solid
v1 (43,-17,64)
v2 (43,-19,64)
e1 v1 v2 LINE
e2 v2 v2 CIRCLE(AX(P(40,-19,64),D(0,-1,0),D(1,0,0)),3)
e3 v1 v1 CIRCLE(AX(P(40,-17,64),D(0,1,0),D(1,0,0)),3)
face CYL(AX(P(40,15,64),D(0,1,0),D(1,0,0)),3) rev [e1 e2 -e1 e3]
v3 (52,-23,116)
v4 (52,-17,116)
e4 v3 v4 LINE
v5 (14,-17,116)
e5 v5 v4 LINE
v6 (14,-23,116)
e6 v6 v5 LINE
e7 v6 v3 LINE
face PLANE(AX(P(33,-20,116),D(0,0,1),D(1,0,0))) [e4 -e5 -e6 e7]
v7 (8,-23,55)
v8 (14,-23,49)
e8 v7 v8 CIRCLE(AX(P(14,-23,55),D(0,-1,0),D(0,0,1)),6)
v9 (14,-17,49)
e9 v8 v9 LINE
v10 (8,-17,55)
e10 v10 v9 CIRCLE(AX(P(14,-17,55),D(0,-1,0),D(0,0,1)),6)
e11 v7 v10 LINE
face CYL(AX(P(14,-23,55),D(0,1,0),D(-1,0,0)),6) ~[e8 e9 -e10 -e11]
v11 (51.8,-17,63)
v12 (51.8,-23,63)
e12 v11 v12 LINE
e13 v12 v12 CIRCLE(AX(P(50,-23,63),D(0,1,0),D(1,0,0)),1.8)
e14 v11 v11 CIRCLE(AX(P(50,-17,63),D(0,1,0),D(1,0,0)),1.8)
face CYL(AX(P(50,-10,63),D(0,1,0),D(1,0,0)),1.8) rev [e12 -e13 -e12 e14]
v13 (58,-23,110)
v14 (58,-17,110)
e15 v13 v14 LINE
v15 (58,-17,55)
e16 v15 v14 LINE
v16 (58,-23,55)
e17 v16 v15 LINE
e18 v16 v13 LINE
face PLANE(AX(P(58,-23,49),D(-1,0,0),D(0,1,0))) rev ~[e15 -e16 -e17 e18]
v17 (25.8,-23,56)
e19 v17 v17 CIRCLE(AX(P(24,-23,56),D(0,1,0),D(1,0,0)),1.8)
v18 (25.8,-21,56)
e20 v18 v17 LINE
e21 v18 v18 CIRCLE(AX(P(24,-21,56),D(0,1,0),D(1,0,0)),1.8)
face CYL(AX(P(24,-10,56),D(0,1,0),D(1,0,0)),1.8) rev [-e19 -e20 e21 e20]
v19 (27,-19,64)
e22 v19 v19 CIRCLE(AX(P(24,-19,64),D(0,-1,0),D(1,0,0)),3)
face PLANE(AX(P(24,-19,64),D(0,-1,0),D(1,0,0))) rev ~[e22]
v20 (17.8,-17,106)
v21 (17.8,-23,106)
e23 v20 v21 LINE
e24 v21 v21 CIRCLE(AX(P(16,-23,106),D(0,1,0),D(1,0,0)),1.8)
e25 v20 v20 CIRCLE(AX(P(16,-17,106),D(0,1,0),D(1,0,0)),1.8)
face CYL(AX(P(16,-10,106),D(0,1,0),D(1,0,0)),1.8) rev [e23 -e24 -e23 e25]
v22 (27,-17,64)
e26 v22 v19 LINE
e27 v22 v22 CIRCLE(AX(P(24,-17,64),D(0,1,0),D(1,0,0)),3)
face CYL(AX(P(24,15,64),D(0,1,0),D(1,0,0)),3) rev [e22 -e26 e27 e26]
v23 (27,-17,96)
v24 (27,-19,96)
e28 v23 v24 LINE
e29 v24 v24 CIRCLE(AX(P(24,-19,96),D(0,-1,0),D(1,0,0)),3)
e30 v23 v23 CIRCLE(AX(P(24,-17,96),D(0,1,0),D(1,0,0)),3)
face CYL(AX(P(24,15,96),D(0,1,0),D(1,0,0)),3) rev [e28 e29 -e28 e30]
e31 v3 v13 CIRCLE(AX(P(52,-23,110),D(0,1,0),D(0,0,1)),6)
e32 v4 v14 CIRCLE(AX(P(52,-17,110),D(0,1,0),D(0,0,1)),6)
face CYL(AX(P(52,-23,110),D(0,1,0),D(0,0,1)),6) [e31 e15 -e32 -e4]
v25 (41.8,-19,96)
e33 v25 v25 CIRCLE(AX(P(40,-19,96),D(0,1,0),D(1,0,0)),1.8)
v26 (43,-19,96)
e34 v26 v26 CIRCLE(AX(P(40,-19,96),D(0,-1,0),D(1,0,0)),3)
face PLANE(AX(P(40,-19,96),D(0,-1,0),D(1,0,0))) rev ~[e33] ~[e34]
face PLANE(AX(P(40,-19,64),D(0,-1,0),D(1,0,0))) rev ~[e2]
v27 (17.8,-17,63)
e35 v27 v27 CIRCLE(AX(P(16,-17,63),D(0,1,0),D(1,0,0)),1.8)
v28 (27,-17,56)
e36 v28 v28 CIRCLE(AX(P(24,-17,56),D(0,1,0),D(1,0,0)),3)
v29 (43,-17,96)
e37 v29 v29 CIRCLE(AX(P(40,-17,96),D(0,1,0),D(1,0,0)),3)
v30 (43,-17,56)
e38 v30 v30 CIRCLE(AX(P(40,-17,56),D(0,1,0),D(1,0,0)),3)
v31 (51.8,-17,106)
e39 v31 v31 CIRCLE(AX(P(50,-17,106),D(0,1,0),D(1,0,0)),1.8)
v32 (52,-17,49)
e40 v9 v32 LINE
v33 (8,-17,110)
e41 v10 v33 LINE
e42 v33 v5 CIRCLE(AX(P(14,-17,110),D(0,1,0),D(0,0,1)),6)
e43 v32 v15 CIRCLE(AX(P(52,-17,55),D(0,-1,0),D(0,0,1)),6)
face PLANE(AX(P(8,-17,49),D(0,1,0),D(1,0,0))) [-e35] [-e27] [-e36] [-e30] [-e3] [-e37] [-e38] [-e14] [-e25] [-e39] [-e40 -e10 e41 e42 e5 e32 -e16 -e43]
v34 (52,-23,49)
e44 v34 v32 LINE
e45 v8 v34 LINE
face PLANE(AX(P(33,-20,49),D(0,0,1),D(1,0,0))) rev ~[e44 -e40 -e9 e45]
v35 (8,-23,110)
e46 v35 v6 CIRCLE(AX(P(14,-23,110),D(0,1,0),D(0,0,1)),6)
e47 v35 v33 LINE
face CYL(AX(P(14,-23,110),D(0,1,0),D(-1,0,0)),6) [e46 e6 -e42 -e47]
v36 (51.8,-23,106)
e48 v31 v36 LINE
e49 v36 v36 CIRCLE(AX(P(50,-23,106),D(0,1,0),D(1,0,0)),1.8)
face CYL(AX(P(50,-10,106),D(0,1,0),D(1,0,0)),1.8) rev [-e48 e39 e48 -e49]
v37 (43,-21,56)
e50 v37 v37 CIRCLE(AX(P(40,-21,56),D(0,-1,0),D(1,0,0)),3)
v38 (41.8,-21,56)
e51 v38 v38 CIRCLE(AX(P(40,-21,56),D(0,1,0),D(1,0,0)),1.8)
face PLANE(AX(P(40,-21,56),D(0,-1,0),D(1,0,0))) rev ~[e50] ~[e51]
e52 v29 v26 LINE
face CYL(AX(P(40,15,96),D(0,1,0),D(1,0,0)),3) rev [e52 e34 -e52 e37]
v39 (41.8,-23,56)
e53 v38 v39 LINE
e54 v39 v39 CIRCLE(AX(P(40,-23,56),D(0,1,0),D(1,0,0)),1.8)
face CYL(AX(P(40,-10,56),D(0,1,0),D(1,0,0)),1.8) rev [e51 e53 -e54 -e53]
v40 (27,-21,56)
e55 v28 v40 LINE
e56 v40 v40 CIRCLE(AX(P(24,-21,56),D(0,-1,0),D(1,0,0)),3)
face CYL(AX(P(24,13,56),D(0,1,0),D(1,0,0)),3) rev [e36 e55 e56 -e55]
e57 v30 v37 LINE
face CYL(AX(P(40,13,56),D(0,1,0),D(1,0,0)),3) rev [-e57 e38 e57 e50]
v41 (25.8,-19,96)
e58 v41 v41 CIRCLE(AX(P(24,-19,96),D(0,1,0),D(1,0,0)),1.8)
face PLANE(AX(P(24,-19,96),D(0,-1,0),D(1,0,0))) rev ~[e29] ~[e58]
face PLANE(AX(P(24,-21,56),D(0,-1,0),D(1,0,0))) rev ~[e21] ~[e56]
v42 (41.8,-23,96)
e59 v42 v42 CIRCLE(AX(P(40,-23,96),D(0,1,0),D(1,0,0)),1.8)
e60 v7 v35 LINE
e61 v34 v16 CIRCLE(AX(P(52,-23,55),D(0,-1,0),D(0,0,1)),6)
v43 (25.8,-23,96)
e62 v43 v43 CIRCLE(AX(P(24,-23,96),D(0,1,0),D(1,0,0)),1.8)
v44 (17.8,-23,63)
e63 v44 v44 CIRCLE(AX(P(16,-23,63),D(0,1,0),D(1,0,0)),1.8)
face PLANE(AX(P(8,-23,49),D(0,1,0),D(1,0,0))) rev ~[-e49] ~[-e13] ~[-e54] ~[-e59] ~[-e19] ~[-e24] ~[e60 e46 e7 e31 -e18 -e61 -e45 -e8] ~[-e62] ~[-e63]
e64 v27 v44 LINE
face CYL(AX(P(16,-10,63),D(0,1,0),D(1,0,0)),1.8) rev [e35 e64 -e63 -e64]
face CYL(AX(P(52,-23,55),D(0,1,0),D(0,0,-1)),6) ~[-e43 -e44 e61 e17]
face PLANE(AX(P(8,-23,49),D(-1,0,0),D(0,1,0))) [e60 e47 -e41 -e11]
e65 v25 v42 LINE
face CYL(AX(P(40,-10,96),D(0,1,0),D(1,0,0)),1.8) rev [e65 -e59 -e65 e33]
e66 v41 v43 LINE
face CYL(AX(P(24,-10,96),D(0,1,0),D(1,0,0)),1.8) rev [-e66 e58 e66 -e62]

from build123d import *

# Parameters (mm, degrees)
CYLINDER135_R          = 1.8
CYLINDER135_DEPTH      = 34
CYLINDER135_ROLL_ANGLE = 90
CYLINDER134_R          = 1.8
CYLINDER134_DEPTH      = 34
CYLINDER134_ROLL_ANGLE = 90
CYLINDER137_R          = 3
CYLINDER137_DEPTH      = 34
CYLINDER137_ROLL_ANGLE = 90
CYLINDER136_R          = 3
CYLINDER136_DEPTH      = 34
CYLINDER136_ROLL_ANGLE = 90
CYLINDER123_R          = 1.8
CYLINDER123_DEPTH      = 34
CYLINDER123_ROLL_ANGLE = 90
CYLINDER122_R          = 1.8
CYLINDER122_DEPTH      = 34
CYLINDER122_ROLL_ANGLE = 90
CYLINDER125_R          = 1.8
CYLINDER125_DEPTH      = 34
CYLINDER125_ROLL_ANGLE = 90
CYLINDER124_R          = 1.8
CYLINDER124_DEPTH      = 34
CYLINDER124_ROLL_ANGLE = 90
CYLINDER127_R          = 3
CYLINDER127_DEPTH      = 34
CYLINDER127_ROLL_ANGLE = 90
CYLINDER126_R          = 3
CYLINDER126_DEPTH      = 34
CYLINDER126_ROLL_ANGLE = 90
CYLINDER129_R          = 3
CYLINDER129_DEPTH      = 34
CYLINDER129_ROLL_ANGLE = 90
CYLINDER128_R          = 3
CYLINDER128_DEPTH      = 34
CYLINDER128_ROLL_ANGLE = 90
CYLINDER131_R          = 1.8
CYLINDER131_DEPTH      = 34
CYLINDER131_ROLL_ANGLE = 90
CYLINDER130_R          = 1.8
CYLINDER130_DEPTH      = 34
CYLINDER130_ROLL_ANGLE = 90
CYLINDER133_R          = 1.8
CYLINDER133_DEPTH      = 34
CYLINDER133_ROLL_ANGLE = 90
CYLINDER132_R          = 1.8
CYLINDER132_DEPTH      = 34
CYLINDER132_ROLL_ANGLE = 90
BOX061_W               = 50
BOX061_H               = 6
BOX061_DEPTH           = 67
FILLET055_R            = 6


with BuildPart() as cilindro089:
    # Cylinder135 → Cylinder135 (new body)
    with BuildSketch(Plane.XY):
        Circle(CYLINDER135_R)
    extrude(amount=CYLINDER135_DEPTH)


with BuildPart() as cilindro089_1:
    # Cylinder135 roll: moved
    add(cilindro089.part.rotate(Axis((0, 0, 0), (1, 0, 0)), CYLINDER135_ROLL_ANGLE))


with BuildPart() as cilindro089_2:
    # Cylinder135 placement: moved
    add(cilindro089_1.part.moved(Location((24, -10, 64))))


with BuildPart() as fusion079:
    # Cylinder134 → Cylinder134 (new body)
    with BuildSketch(Plane.XY):
        Circle(CYLINDER134_R)
    extrude(amount=CYLINDER134_DEPTH)


with BuildPart() as fusion079_1:
    # Cylinder134 roll: moved
    add(fusion079.part.rotate(Axis((0, 0, 0), (1, 0, 0)), CYLINDER134_ROLL_ANGLE))


with BuildPart() as fusion079_2:
    # Cylinder134 placement: moved
    add(fusion079_1.part.moved(Location((40, -10, 64))))

    # Fusion079: union Cilindro089
    add(cilindro089_2.part)


with BuildPart() as fusion079_3:
    # Fusion079 placement: moved
    add(fusion079_2.part.moved(Location((0, 0, -8))))


with BuildPart() as cilindro091:
    # Cylinder137 → Cylinder137 (new body)
    with BuildSketch(Plane.XY):
        Circle(CYLINDER137_R)
    extrude(amount=CYLINDER137_DEPTH)


with BuildPart() as cilindro091_1:
    # Cylinder137 roll: moved
    add(cilindro091.part.rotate(Axis((0, 0, 0), (1, 0, 0)), CYLINDER137_ROLL_ANGLE))


with BuildPart() as cilindro091_2:
    # Cylinder137 placement: moved
    add(cilindro091_1.part.moved(Location((24, -10, 64))))


with BuildPart() as fusion080:
    # Cylinder136 → Cylinder136 (new body)
    with BuildSketch(Plane.XY):
        Circle(CYLINDER136_R)
    extrude(amount=CYLINDER136_DEPTH)


with BuildPart() as fusion080_1:
    # Cylinder136 roll: moved
    add(fusion080.part.rotate(Axis((0, 0, 0), (1, 0, 0)), CYLINDER136_ROLL_ANGLE))


with BuildPart() as fusion080_2:
    # Cylinder136 placement: moved
    add(fusion080_1.part.moved(Location((40, -10, 64))))

    # Fusion080: union Cilindro091
    add(cilindro091_2.part)


with BuildPart() as fusion080_3:
    # Fusion080 placement: moved
    add(fusion080_2.part.moved(Location((0, 23, -8))))


with BuildPart() as cilindro077:
    # Cylinder123 → Cylinder123 (new body)
    with BuildSketch(Plane.XY):
        Circle(CYLINDER123_R)
    extrude(amount=CYLINDER123_DEPTH)


with BuildPart() as cilindro077_1:
    # Cylinder123 roll: moved
    add(cilindro077.part.rotate(Axis((0, 0, 0), (1, 0, 0)), CYLINDER123_ROLL_ANGLE))


with BuildPart() as cilindro077_2:
    # Cylinder123 placement: moved
    add(cilindro077_1.part.moved(Location((24, -10, 64))))


with BuildPart() as fusion070:
    # Cylinder122 → Cylinder122 (new body)
    with BuildSketch(Plane.XY):
        Circle(CYLINDER122_R)
    extrude(amount=CYLINDER122_DEPTH)


with BuildPart() as fusion070_1:
    # Cylinder122 roll: moved
    add(fusion070.part.rotate(Axis((0, 0, 0), (1, 0, 0)), CYLINDER122_ROLL_ANGLE))


with BuildPart() as fusion070_2:
    # Cylinder122 placement: moved
    add(fusion070_1.part.moved(Location((40, -10, 64))))

    # Fusion070: union Cilindro077
    add(cilindro077_2.part)


with BuildPart() as fusion070_3:
    # Fusion070 placement: moved
    add(fusion070_2.part.moved(Location((0, 0, -8))))


with BuildPart() as cilindro079:
    # Cylinder125 → Cylinder125 (new body)
    with BuildSketch(Plane.XY):
        Circle(CYLINDER125_R)
    extrude(amount=CYLINDER125_DEPTH)


with BuildPart() as cilindro079_1:
    # Cylinder125 roll: moved
    add(cilindro079.part.rotate(Axis((0, 0, 0), (1, 0, 0)), CYLINDER125_ROLL_ANGLE))


with BuildPart() as cilindro079_2:
    # Cylinder125 placement: moved
    add(cilindro079_1.part.moved(Location((24, -10, 61))))


with BuildPart() as fusion072:
    # Cylinder124 → Cylinder124 (new body)
    with BuildSketch(Plane.XY):
        Circle(CYLINDER124_R)
    extrude(amount=CYLINDER124_DEPTH)


with BuildPart() as fusion072_1:
    # Cylinder124 roll: moved
    add(fusion072.part.rotate(Axis((0, 0, 0), (1, 0, 0)), CYLINDER124_ROLL_ANGLE))


with BuildPart() as fusion072_2:
    # Cylinder124 placement: moved
    add(fusion072_1.part.moved(Location((40, -10, 61))))

    # Fusion071: union Cilindro079
    add(cilindro079_2.part)


with BuildPart() as fusion072_3:
    # Fusion071 placement: moved
    add(fusion072_2.part.moved(Location((0, 0, 35))))

    # Fusion072: union Fusion070
    add(fusion070_3.part)


with BuildPart() as cilindro081:
    # Cylinder127 → Cylinder127 (new body)
    with BuildSketch(Plane.XY):
        Circle(CYLINDER127_R)
    extrude(amount=CYLINDER127_DEPTH)


with BuildPart() as cilindro081_1:
    # Cylinder127 roll: moved
    add(cilindro081.part.rotate(Axis((0, 0, 0), (1, 0, 0)), CYLINDER127_ROLL_ANGLE))


with BuildPart() as cilindro081_2:
    # Cylinder127 placement: moved
    add(cilindro081_1.part.moved(Location((24, -10, 64))))


with BuildPart() as fusion073:
    # Cylinder126 → Cylinder126 (new body)
    with BuildSketch(Plane.XY):
        Circle(CYLINDER126_R)
    extrude(amount=CYLINDER126_DEPTH)


with BuildPart() as fusion073_1:
    # Cylinder126 roll: moved
    add(fusion073.part.rotate(Axis((0, 0, 0), (1, 0, 0)), CYLINDER126_ROLL_ANGLE))


with BuildPart() as fusion073_2:
    # Cylinder126 placement: moved
    add(fusion073_1.part.moved(Location((40, -10, 64))))

    # Fusion073: union Cilindro081
    add(cilindro081_2.part)


with BuildPart() as cilindro083:
    # Cylinder129 → Cylinder129 (new body)
    with BuildSketch(Plane.XY):
        Circle(CYLINDER129_R)
    extrude(amount=CYLINDER129_DEPTH)


with BuildPart() as cilindro083_1:
    # Cylinder129 roll: moved
    add(cilindro083.part.rotate(Axis((0, 0, 0), (1, 0, 0)), CYLINDER129_ROLL_ANGLE))


with BuildPart() as cilindro083_2:
    # Cylinder129 placement: moved
    add(cilindro083_1.part.moved(Location((24, -10, 61))))


with BuildPart() as fusion075:
    # Cylinder128 → Cylinder128 (new body)
    with BuildSketch(Plane.XY):
        Circle(CYLINDER128_R)
    extrude(amount=CYLINDER128_DEPTH)


with BuildPart() as fusion075_1:
    # Cylinder128 roll: moved
    add(fusion075.part.rotate(Axis((0, 0, 0), (1, 0, 0)), CYLINDER128_ROLL_ANGLE))


with BuildPart() as fusion075_2:
    # Cylinder128 placement: moved
    add(fusion075_1.part.moved(Location((40, -10, 61))))

    # Fusion074: union Cilindro083
    add(cilindro083_2.part)


with BuildPart() as fusion075_3:
    # Fusion074 placement: moved
    add(fusion075_2.part.moved(Location((0, 0, 35))))

    # Fusion075: union Fusion073
    add(fusion073_2.part)


with BuildPart() as fusion075_4:
    # Fusion075 placement: moved
    add(fusion075_3.part.moved(Location((0, 25, 0))))


with BuildPart() as cilindro085:
    # Cylinder131 → Cylinder131 (new body)
    with BuildSketch(Plane.XY):
        Circle(CYLINDER131_R)
    extrude(amount=CYLINDER131_DEPTH)


with BuildPart() as cilindro085_1:
    # Cylinder131 roll: moved
    add(cilindro085.part.rotate(Axis((0, 0, 0), (1, 0, 0)), CYLINDER131_ROLL_ANGLE))


with BuildPart() as cilindro085_2:
    # Cylinder131 placement: moved
    add(cilindro085_1.part.moved(Location((16, -10, 63))))


with BuildPart() as fusion076:
    # Cylinder130 → Cylinder130 (new body)
    with BuildSketch(Plane.XY):
        Circle(CYLINDER130_R)
    extrude(amount=CYLINDER130_DEPTH)


with BuildPart() as fusion076_1:
    # Cylinder130 roll: moved
    add(fusion076.part.rotate(Axis((0, 0, 0), (1, 0, 0)), CYLINDER130_ROLL_ANGLE))


with BuildPart() as fusion076_2:
    # Cylinder130 placement: moved
    add(fusion076_1.part.moved(Location((50, -10, 63))))

    # Fusion076: union Cilindro085
    add(cilindro085_2.part)


with BuildPart() as cilindro087:
    # Cylinder133 → Cylinder133 (new body)
    with BuildSketch(Plane.XY):
        Circle(CYLINDER133_R)
    extrude(amount=CYLINDER133_DEPTH)


with BuildPart() as cilindro087_1:
    # Cylinder133 roll: moved
    add(cilindro087.part.rotate(Axis((0, 0, 0), (1, 0, 0)), CYLINDER133_ROLL_ANGLE))


with BuildPart() as cilindro087_2:
    # Cylinder133 placement: moved
    add(cilindro087_1.part.moved(Location((16, -10, 63))))


with BuildPart() as fusion078:
    # Cylinder132 → Cylinder132 (new body)
    with BuildSketch(Plane.XY):
        Circle(CYLINDER132_R)
    extrude(amount=CYLINDER132_DEPTH)


with BuildPart() as fusion078_1:
    # Cylinder132 roll: moved
    add(fusion078.part.rotate(Axis((0, 0, 0), (1, 0, 0)), CYLINDER132_ROLL_ANGLE))


with BuildPart() as fusion078_2:
    # Cylinder132 placement: moved
    add(fusion078_1.part.moved(Location((50, -10, 63))))

    # Fusion077: union Cilindro087
    add(cilindro087_2.part)


with BuildPart() as fusion078_3:
    # Fusion077 placement: moved
    add(fusion078_2.part.moved(Location((0, 0, 43))))

    # Fusion078: union Fusion076
    add(fusion076_2.part)


with BuildPart() as fillet055:
    # Box061 → Box061 (new body)
    with BuildSketch(Plane(origin=(8, -23, 49), x_dir=(1, 0, 0), z_dir=(0, 0, 1))):
        with Locations((25, 3)):
            Rectangle(BOX061_W, BOX061_H)
    extrude(amount=BOX061_DEPTH)

    # Cut140: cut Fusion078
    add(fusion078_3.part, mode=Mode.SUBTRACT)

    # Cut141: cut Fusion075
    add(fusion075_4.part, mode=Mode.SUBTRACT)

    # Cut142: cut Fusion072
    add(fusion072_3.part, mode=Mode.SUBTRACT)

    # Cut143: cut Fusion080
    add(fusion080_3.part, mode=Mode.SUBTRACT)

    # Cut144: cut Fusion079
    add(fusion079_3.part, mode=Mode.SUBTRACT)

    # Fillet055
    fillet055_edges = [fillet055.edges().sort_by_distance(p)[0] for p in [
        (8, -20, 116),
        (8, -20, 49),
        (58, -20, 116),
        (58, -20, 49),
    ]]
    fillet(fillet055_edges, radius=FILLET055_R)


solid = fillet055.part
